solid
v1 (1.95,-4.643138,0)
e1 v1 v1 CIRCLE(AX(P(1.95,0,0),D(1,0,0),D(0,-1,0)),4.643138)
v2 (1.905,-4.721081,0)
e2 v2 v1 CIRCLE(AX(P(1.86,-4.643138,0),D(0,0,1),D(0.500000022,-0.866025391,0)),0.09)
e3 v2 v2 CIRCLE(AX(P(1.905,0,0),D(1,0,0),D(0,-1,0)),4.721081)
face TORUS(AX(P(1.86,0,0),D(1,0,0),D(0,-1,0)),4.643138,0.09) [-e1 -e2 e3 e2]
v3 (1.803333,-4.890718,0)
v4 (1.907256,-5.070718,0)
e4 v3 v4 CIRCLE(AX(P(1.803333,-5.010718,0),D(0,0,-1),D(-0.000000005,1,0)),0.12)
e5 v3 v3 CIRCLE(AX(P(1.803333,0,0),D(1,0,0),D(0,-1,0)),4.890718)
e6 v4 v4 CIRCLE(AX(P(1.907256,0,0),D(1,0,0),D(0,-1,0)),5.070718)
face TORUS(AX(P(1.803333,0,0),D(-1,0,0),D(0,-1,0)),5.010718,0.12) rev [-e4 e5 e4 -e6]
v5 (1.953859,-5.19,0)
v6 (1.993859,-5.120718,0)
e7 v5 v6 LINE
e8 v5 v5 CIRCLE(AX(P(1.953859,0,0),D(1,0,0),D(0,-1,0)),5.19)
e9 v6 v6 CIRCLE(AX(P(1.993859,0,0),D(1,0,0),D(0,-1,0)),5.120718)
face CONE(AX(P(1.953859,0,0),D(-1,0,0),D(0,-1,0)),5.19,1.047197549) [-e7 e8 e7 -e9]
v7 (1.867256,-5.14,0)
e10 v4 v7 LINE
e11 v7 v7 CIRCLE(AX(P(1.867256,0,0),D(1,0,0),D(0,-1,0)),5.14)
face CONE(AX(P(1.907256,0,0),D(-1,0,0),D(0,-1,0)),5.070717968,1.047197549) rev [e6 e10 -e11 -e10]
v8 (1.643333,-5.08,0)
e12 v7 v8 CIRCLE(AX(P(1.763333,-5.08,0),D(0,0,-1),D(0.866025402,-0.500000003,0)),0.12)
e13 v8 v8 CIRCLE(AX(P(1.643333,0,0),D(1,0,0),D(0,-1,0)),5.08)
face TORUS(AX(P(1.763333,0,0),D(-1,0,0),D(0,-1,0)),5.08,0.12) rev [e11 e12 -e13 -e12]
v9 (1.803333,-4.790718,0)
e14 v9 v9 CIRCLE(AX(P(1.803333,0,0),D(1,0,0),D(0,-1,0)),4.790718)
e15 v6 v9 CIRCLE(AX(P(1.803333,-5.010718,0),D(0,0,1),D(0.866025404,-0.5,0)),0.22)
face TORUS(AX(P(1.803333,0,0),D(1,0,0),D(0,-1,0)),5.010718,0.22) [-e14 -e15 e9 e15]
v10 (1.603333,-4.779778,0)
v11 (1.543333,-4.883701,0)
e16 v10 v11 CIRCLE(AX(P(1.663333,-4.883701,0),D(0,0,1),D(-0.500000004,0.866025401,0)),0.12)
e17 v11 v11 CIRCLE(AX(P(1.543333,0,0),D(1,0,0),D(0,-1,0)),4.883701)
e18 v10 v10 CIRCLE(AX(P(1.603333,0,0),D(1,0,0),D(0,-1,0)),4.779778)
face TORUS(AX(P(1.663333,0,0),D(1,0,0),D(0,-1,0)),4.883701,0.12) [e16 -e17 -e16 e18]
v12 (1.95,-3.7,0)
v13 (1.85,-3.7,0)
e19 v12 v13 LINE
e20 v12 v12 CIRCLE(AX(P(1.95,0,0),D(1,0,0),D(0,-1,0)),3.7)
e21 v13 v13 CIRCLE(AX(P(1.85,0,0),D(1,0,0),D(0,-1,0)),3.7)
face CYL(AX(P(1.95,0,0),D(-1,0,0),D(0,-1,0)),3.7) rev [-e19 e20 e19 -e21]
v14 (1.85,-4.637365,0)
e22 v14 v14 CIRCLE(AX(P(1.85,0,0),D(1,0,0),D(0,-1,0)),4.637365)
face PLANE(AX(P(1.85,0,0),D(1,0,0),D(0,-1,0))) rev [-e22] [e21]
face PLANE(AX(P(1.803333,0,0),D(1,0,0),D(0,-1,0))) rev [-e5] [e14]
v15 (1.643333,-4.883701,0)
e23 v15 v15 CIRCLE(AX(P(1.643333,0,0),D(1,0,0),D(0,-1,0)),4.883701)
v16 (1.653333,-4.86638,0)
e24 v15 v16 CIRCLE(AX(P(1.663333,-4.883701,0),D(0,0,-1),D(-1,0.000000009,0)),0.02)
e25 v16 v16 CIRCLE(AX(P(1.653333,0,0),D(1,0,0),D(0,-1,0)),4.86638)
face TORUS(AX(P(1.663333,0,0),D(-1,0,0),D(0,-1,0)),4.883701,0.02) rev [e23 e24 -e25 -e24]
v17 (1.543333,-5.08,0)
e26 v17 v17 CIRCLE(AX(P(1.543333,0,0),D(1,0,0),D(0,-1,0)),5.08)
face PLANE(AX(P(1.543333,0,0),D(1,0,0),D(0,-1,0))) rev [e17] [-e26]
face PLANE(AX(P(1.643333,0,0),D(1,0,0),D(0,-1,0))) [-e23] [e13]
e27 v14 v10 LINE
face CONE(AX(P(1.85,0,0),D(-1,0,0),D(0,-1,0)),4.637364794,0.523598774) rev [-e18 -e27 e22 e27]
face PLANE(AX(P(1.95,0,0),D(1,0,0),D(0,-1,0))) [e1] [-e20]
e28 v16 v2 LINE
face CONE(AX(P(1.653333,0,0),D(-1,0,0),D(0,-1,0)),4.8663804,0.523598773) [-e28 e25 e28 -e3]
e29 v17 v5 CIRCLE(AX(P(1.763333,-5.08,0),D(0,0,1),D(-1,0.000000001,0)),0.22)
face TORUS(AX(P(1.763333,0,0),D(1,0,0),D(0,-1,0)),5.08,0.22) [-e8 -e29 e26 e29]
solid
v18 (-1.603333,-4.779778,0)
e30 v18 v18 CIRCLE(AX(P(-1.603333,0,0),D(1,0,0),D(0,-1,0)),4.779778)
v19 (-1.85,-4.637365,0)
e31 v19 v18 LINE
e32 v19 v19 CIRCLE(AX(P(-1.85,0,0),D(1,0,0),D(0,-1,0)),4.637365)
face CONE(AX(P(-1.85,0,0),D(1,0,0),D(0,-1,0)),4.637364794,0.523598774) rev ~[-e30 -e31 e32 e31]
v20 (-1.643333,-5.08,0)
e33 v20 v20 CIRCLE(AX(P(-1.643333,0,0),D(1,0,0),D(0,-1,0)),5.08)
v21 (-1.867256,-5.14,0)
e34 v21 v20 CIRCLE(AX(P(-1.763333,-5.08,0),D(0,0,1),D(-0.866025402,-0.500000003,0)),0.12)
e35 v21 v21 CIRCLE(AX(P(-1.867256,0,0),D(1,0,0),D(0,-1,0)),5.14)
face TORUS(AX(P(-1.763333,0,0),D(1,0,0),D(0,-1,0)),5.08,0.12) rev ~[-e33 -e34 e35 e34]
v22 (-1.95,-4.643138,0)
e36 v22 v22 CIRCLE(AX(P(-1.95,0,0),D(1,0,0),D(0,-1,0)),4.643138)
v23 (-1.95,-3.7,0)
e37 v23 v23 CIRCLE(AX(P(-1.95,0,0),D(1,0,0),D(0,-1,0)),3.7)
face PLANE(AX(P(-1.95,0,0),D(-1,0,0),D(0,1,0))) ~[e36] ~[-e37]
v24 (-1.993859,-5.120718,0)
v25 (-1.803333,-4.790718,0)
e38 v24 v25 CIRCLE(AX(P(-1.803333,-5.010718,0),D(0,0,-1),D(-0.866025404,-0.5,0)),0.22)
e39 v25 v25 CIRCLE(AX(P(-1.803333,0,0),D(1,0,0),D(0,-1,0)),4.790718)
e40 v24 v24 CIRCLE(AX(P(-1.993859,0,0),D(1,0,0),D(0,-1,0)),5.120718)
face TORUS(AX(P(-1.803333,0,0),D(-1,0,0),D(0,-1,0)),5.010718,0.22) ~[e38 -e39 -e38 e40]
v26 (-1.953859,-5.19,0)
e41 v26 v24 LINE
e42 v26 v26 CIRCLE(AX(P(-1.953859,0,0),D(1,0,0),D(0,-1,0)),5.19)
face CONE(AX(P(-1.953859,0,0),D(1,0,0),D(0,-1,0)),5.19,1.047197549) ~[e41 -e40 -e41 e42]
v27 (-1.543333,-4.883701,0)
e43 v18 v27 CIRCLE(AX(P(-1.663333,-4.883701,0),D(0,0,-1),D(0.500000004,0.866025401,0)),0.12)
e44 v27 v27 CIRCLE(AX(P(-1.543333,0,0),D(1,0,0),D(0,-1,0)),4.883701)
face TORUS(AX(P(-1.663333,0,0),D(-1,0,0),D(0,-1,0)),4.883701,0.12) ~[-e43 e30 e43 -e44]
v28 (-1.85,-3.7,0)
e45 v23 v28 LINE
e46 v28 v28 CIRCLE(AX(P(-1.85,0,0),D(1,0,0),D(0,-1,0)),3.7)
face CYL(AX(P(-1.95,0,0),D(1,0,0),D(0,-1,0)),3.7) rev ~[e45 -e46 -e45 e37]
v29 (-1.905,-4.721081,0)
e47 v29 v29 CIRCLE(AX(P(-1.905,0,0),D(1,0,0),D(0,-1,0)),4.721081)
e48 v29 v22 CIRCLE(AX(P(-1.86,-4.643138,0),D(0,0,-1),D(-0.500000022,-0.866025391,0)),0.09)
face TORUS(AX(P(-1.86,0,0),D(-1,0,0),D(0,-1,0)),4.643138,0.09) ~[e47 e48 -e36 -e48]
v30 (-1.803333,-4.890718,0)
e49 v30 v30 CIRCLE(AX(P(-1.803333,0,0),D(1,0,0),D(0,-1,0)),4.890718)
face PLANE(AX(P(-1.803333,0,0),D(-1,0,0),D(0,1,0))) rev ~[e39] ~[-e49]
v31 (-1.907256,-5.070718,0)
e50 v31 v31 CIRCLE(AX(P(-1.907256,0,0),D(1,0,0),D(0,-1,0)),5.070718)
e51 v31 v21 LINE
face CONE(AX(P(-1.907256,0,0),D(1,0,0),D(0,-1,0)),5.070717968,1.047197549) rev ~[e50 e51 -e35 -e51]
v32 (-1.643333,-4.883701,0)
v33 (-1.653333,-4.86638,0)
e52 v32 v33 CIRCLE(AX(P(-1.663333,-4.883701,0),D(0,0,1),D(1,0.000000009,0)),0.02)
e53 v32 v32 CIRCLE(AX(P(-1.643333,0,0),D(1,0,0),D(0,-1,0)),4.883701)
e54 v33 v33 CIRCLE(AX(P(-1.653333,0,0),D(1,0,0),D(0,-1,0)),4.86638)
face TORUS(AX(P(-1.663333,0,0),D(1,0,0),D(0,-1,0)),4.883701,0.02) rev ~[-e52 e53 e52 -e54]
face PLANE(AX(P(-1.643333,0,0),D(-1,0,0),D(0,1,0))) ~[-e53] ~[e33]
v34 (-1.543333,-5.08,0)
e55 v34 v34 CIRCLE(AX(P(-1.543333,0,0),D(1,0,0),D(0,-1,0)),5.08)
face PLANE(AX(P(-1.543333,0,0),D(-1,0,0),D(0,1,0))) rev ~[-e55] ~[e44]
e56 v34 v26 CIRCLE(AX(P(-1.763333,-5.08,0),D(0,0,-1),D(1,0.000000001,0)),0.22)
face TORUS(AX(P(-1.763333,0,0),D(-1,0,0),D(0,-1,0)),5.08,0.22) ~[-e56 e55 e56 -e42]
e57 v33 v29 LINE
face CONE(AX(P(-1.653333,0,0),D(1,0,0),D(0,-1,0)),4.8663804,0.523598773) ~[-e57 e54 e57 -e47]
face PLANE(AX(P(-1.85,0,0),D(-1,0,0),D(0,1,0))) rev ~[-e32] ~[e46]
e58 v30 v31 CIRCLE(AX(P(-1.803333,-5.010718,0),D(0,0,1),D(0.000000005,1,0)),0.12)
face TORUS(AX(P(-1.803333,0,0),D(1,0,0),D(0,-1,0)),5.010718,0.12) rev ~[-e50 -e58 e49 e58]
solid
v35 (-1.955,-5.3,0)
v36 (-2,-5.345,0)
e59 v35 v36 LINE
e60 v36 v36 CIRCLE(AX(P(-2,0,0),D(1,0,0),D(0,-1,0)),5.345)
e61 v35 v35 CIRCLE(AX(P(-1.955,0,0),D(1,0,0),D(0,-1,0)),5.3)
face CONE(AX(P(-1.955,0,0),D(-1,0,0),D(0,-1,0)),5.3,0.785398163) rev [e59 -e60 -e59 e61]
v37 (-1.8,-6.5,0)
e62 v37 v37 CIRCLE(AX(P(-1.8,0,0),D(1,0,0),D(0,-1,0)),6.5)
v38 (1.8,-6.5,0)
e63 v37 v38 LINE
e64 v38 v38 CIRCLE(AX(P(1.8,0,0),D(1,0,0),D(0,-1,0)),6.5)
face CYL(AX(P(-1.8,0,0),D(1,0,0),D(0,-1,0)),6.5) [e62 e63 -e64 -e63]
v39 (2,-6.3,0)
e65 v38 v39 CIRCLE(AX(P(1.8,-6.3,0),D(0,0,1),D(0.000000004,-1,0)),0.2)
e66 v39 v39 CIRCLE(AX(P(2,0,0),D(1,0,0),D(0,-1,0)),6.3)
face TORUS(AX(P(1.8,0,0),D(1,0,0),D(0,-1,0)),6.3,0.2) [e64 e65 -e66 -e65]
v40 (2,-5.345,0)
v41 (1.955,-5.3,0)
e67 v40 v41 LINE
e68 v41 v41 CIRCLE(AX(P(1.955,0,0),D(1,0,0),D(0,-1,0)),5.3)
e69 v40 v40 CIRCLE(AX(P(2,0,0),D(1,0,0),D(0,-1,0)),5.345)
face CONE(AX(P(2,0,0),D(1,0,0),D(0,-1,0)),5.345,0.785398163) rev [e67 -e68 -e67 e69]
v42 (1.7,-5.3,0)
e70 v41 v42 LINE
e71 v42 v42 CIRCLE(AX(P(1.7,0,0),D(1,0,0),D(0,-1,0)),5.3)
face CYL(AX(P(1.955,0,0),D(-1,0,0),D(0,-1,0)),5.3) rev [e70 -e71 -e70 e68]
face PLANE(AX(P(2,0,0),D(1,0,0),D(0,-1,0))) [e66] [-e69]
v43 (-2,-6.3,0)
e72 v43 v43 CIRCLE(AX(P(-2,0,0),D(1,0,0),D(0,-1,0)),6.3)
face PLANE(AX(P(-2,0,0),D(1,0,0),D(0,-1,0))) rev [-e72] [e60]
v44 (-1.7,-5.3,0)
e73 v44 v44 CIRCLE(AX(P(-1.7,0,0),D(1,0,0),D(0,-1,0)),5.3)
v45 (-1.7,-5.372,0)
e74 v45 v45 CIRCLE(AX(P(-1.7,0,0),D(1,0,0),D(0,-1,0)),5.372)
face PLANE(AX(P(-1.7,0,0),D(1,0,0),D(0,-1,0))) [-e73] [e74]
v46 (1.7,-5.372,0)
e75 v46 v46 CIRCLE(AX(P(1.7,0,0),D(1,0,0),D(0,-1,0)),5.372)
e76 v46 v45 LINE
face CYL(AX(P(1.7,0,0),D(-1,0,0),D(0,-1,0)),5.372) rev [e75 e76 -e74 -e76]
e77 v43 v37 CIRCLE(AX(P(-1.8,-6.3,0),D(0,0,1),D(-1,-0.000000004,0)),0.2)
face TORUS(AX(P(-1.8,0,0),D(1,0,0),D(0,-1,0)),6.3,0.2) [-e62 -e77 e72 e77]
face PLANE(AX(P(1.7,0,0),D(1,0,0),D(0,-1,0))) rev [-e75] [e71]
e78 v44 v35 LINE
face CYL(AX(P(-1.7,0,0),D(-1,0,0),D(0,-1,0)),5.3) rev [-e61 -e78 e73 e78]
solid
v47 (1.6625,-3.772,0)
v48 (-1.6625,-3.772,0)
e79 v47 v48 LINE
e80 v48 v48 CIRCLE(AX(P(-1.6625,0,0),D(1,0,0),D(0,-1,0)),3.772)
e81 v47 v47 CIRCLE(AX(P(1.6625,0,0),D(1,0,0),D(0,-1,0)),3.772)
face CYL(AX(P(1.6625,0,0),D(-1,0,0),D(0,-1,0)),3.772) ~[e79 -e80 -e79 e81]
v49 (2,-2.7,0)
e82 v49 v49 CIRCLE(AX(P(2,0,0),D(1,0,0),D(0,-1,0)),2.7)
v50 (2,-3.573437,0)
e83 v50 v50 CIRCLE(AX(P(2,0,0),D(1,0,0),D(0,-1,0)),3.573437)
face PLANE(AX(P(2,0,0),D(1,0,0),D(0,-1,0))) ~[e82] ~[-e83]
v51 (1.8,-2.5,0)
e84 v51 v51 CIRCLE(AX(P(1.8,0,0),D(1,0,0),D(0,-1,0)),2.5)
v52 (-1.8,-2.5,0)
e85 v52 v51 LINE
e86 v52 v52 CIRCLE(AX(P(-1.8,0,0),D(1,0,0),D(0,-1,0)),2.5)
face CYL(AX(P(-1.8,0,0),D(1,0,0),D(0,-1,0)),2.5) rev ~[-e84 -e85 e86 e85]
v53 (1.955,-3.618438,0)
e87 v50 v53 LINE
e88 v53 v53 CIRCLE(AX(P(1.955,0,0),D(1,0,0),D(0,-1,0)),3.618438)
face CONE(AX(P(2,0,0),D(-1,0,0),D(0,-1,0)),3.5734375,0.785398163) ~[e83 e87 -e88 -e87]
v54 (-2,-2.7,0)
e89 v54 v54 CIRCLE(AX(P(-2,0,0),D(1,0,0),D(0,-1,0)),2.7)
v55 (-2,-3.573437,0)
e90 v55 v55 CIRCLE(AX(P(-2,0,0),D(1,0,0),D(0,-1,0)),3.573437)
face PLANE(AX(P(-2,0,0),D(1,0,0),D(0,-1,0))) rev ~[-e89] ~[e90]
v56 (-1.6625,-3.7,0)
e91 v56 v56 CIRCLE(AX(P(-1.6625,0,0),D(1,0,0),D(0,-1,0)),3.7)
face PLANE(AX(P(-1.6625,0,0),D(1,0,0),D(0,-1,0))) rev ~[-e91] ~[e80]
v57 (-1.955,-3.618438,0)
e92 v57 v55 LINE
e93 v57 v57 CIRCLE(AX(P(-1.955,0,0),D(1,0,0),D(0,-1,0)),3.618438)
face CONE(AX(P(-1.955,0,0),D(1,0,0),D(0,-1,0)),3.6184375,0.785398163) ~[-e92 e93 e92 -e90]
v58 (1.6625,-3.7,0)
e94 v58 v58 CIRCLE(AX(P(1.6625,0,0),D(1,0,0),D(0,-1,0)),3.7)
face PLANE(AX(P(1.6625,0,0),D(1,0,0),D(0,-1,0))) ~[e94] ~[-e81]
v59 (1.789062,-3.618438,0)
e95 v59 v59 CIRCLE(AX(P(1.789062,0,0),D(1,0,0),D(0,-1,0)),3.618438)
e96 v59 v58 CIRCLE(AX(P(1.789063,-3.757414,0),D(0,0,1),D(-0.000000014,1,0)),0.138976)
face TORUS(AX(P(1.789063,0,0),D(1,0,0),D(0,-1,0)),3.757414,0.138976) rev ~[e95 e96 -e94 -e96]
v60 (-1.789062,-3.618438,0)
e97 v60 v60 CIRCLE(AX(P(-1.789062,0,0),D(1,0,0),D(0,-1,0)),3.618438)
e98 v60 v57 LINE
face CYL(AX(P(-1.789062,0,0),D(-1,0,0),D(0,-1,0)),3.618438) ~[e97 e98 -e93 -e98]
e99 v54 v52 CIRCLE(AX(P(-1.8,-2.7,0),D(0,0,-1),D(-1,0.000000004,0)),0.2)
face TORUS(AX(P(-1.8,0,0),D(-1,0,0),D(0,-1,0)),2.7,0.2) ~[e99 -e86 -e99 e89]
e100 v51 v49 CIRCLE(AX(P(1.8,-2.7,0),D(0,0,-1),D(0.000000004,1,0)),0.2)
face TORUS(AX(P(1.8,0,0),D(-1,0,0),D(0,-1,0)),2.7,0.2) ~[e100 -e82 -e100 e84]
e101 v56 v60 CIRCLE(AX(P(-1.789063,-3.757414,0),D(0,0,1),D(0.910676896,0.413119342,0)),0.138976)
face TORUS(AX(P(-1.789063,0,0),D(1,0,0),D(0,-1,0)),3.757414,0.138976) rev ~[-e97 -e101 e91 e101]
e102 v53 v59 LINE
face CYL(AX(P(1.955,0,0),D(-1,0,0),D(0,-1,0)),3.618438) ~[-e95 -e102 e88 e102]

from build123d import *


with BuildPart() as part:
    # Sketch3 → Revolve1 (revolve)
    with BuildSketch(Plane.XY, mode=Mode.PRIVATE) as revolve1_sk:
        with BuildLine():
            Line((-1.8, 6.5), (1.8, 6.5))
            ThreePointArc((1.8, 6.5), (1.941421356, 6.441421356), (2, 6.3))
            Line((2, 6.3), (2, 5.345))
            Line((2, 5.345), (1.955, 5.3))
            Line((1.955, 5.3), (1.7, 5.3))
            Line((1.7, 5.3), (1.7, 5.372))
            Line((1.7, 5.372), (-1.7, 5.372))
            Line((-1.7, 5.372), (-1.7, 5.3))
            Line((-1.7, 5.3), (-1.955, 5.3))
            Line((-1.955, 5.3), (-2, 5.345))
            Line((-2, 5.345), (-2, 6.3))
            ThreePointArc((-2, 6.3), (-1.941421356, 6.441421356), (-1.8, 6.5))
        make_face()
        with BuildLine():
            Line((-1.955, 3.6184375), (-2, 3.5734375))
            Line((-2, 3.5734375), (-2, 2.7))
            ThreePointArc((-2, 2.7), (-1.941421356, 2.558578644), (-1.8, 2.5))
            Line((-1.8, 2.5), (1.8, 2.5))
            ThreePointArc((1.8, 2.5), (1.941421356, 2.558578644), (2, 2.7))
            Line((2, 2.7), (2, 3.5734375))
            Line((2, 3.5734375), (1.955, 3.6184375))
            Line((1.955, 3.6184375), (1.7890625, 3.6184375))
            ThreePointArc((1.7890625, 3.6184375), (1.713778857, 3.640594347), (1.6625, 3.7))
            Line((1.6625, 3.7), (1.6625, 3.772))
            Line((1.6625, 3.772), (-1.6625, 3.772))
            Line((-1.6625, 3.772), (-1.6625, 3.7))
            ThreePointArc((-1.6625, 3.7), (-1.713778857, 3.640594347), (-1.7890625, 3.6184375))
            Line((-1.7890625, 3.6184375), (-1.955, 3.6184375))
        make_face()
    revolve(revolve1_sk.sketch.rotate(Axis((-1.8, 0, 0), (1, 0, 0)), 180), axis=Axis((-1.8, 0, 0), (1, 0, 0)))


with BuildPart() as body_2:
    # Sketch4 → Revolve-Thin1 (revolve)
    with BuildSketch(Plane.XY, mode=Mode.PRIVATE) as revolve_thin1_sk:
        with BuildLine():
            ThreePointArc((1.803333333, 4.890717968), (1.907256382, 4.950717968), (1.907256382, 5.070717968))
            Line((1.907256382, 5.070717968), (1.867256382, 5.14))
            ThreePointArc((1.867256382, 5.14), (1.732275048, 5.195911099), (1.643333333, 5.08))
            Line((1.643333333, 5.08), (1.643333333, 4.883700908))
            ThreePointArc((1.643333333, 4.883700908), (1.646012825, 4.873700908), (1.653333333, 4.8663804))
            Line((1.653333333, 4.8663804), (1.905, 4.721080583))
            ThreePointArc((1.905, 4.721080583), (1.937942286, 4.688138296), (1.95, 4.643138296))
            Line((1.95, 4.643138296), (1.95, 3.7))
            Line((1.95, 3.7), (1.85, 3.7))
            Line((1.85, 3.7), (1.85, 4.637364794))
            Line((1.85, 4.637364794), (1.603333333, 4.77977786))
            ThreePointArc((1.603333333, 4.77977786), (1.559410285, 4.823700908), (1.543333333, 4.883700908))
            Line((1.543333333, 4.883700908), (1.543333333, 5.08))
            ThreePointArc((1.543333333, 5.08), (1.706393143, 5.292503682), (1.953858922, 5.19))
            Line((1.953858922, 5.19), (1.993858922, 5.120717968))
            ThreePointArc((1.993858922, 5.120717968), (1.993858922, 4.900717968), (1.803333333, 4.790717968))
            Line((1.803333333, 4.790717968), (1.803333333, 4.890717968))
        make_face()
    revolve(revolve_thin1_sk.sketch.rotate(Axis((-1.8, 0, 0), (1, 0, 0)), 180), axis=Axis((-1.8, 0, 0), (1, 0, 0)))


with BuildPart() as body_3:
    # Mirror2: mirrored copy
    add(body_2.part.mirror(Plane(origin=(0, 0, 0), x_dir=(0, 0, 1), z_dir=(1, 0, 0))))


with BuildPart() as body_3_2:
    # Mirror1: mirrored copy
    add(body_2.part.mirror(Plane(origin=(0, 0, 0), x_dir=(0, 0, 1), z_dir=(1, 0, 0))))


solid = Compound([part.part, body_2.part, body_3_2.part])
